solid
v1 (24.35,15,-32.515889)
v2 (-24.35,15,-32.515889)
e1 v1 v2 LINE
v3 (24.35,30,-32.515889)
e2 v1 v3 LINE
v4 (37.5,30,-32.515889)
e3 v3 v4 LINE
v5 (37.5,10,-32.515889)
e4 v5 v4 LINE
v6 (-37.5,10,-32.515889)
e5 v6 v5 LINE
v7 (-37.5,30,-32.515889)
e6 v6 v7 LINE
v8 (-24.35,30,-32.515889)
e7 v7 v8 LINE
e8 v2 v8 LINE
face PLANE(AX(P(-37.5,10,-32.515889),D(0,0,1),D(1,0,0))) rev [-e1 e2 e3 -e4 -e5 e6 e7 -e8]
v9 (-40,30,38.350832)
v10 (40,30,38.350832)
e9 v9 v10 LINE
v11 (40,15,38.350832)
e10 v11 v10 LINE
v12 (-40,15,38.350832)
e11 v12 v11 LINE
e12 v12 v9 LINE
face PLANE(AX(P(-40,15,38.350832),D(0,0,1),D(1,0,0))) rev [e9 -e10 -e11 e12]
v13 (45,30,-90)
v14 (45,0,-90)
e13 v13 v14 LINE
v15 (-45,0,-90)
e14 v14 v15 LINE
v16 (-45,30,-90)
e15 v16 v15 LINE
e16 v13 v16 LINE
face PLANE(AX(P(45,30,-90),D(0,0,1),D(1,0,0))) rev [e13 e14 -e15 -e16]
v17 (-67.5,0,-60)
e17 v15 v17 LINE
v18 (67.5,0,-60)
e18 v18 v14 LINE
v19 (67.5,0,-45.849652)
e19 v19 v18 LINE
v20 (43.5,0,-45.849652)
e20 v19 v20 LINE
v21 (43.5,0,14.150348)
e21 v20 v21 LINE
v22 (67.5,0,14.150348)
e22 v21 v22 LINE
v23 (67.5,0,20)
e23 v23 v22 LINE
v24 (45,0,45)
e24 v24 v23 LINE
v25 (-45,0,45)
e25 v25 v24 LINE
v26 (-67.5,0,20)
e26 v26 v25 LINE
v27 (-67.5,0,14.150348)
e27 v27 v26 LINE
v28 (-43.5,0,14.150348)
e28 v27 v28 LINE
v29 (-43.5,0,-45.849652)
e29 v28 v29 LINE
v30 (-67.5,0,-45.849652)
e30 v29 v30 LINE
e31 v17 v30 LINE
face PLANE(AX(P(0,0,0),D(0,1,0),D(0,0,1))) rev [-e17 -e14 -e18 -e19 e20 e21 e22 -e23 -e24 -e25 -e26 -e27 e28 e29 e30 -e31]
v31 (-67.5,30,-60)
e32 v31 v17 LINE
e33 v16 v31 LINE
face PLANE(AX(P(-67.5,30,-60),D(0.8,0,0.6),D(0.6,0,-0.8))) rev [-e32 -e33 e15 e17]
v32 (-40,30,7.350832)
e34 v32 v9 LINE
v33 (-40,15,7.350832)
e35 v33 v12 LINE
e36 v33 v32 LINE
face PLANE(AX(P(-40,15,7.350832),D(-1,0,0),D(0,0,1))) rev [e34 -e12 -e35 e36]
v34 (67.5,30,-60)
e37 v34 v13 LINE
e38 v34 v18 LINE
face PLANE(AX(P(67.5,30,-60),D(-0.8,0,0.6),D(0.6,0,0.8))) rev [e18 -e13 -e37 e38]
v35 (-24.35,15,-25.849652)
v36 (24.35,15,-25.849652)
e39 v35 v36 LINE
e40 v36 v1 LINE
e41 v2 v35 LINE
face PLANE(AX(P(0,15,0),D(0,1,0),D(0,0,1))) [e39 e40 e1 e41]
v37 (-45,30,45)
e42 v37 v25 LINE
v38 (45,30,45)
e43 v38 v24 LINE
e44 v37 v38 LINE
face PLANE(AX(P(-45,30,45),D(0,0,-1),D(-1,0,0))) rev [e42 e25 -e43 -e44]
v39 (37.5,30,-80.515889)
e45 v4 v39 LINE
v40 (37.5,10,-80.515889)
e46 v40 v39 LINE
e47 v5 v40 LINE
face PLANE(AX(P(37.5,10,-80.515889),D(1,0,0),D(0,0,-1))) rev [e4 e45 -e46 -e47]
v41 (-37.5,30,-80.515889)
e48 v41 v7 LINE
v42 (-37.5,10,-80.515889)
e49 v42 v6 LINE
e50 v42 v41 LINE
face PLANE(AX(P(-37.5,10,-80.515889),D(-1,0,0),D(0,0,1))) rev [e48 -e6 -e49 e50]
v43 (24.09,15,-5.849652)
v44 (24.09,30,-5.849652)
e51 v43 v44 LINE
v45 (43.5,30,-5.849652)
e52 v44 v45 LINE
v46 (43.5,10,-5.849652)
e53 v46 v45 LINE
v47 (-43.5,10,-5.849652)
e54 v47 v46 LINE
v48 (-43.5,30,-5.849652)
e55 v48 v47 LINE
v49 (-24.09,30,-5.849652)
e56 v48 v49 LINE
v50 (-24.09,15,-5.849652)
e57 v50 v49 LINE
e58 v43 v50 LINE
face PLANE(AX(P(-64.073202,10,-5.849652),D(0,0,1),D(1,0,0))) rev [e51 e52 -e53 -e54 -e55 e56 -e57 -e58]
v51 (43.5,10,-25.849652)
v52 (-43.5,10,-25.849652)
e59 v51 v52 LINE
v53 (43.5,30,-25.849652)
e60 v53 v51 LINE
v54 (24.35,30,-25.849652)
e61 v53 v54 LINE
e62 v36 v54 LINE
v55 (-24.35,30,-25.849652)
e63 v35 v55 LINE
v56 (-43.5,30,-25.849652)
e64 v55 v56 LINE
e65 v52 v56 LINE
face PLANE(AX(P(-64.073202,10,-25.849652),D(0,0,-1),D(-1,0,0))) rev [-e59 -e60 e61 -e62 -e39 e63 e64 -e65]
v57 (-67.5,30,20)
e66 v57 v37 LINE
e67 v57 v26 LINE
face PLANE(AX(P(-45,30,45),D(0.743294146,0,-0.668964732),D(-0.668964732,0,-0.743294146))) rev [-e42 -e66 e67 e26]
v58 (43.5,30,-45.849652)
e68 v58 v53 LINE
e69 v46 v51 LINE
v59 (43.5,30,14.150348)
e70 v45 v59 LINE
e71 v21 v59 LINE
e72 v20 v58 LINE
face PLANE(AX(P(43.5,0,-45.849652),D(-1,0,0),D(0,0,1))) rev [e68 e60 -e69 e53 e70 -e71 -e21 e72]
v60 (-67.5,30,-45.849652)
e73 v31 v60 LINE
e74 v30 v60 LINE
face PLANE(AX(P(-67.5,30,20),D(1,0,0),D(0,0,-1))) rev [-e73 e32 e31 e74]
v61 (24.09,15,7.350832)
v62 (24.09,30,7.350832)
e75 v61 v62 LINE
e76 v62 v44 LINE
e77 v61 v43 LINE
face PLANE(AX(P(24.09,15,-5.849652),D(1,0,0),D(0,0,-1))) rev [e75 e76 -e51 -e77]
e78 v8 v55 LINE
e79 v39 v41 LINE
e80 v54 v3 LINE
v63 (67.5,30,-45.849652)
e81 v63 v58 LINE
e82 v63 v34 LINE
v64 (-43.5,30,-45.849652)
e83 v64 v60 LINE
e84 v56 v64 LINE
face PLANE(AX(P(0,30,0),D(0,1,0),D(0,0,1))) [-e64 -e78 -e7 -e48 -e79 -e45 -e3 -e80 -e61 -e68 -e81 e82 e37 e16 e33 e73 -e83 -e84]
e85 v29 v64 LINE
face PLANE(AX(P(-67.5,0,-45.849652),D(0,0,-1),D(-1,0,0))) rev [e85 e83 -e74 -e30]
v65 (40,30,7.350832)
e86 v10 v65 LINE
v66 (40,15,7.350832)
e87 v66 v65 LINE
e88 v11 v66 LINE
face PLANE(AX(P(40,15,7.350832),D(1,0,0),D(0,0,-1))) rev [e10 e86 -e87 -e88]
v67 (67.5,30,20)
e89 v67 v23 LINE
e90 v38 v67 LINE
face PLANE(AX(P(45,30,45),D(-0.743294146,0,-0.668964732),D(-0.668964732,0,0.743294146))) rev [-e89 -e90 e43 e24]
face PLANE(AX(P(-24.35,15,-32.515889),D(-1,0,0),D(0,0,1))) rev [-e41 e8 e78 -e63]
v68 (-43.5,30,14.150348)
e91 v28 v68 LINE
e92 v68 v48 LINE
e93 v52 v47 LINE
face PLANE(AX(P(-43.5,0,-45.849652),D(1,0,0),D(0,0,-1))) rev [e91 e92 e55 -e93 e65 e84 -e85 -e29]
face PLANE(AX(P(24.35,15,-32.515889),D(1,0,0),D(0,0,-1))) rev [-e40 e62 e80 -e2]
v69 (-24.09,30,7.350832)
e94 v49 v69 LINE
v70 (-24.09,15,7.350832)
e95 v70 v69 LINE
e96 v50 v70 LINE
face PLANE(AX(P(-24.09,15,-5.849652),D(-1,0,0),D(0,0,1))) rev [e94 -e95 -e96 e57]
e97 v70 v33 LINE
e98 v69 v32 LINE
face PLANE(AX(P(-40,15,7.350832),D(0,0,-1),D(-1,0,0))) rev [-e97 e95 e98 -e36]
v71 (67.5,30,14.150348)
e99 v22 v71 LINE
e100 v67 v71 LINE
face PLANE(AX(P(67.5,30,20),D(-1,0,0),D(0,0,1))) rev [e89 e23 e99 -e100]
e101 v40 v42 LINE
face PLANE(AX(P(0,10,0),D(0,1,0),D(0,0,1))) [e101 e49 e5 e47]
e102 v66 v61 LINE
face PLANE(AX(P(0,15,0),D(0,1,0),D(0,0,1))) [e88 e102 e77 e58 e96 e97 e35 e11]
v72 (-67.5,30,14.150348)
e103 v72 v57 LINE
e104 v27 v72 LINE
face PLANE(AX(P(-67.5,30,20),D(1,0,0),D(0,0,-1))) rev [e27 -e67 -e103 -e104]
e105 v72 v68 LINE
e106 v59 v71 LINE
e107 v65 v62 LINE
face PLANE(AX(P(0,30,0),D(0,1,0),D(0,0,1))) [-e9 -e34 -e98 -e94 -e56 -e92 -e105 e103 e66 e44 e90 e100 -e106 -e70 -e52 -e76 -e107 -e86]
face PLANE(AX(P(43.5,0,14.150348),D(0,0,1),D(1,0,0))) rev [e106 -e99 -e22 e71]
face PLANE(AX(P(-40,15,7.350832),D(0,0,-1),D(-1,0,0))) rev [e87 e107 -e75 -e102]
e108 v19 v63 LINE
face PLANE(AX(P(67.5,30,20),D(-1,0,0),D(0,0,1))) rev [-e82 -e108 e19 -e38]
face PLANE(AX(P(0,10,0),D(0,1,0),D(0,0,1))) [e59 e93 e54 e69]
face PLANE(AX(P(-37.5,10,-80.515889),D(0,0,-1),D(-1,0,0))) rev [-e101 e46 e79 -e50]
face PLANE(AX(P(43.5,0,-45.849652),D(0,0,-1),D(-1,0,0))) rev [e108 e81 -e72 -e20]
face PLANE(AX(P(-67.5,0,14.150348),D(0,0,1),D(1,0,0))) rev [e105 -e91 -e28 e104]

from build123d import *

# Parameters (mm, degrees)
RESSALTO_EXTRUS_O1_DEPTH   = 30
CORTE_EXTRUS_O1_DEPTH      = 117.431310222
CORTE_EXTRUS_O1_DEPTH_BACK = 117.431310222
ESBO_O3_W                  = 24
ESBO_O3_H                  = 60
ESBO_O4_W                  = 122.227571884
ESBO_O4_H                  = 20
CORTE_EXTRUS_O3_DEPTH      = 20
ESBO_O6_W                  = 80
ESBO_O6_H                  = 31
CORTE_EXTRUS_O5_DEPTH      = 15
ESBO_O8_W                  = 48.18
ESBO_O8_H                  = 13.200484169
CORTE_EXTRUS_O6_DEPTH      = 15
ESBO_O9_W                  = 75
ESBO_O9_H                  = 48
CORTE_EXTRUS_O7_DEPTH      = 20
ESBO_O10_W                 = 48.7
ESBO_O10_H                 = 6.666237126
CORTE_EXTRUS_O8_DEPTH      = 15


with BuildPart() as part:
    # Esboço2 → Ressalto-extrusão1 (new body)
    with BuildSketch(Plane(origin=(0, 0, 0), x_dir=(1, 0, 0), z_dir=(0, 1, 0))):
        Polygon((-45, -45), (45, -45), (67.5, -20), (67.5, 60), (45, 90), (-45, 90), (-67.5, 60), (-67.5, -20), align=None)
    extrude(amount=RESSALTO_EXTRUS_O1_DEPTH)

    # Esboço3 → Corte-extrusão1 (cut, two sides: drawn at the far end of the back side and taken through both)
    with BuildSketch(Plane(origin=(0, 30, 0), x_dir=(1, 0, 0), z_dir=(0, 1, 0)).offset(-CORTE_EXTRUS_O1_DEPTH_BACK)):
        with Locations((-55.5, 15.849651962)):
            Rectangle(ESBO_O3_W, ESBO_O3_H)
        with Locations((55.5, 15.849651962)):
            Rectangle(ESBO_O3_W, ESBO_O3_H)
    extrude(amount=CORTE_EXTRUS_O1_DEPTH + CORTE_EXTRUS_O1_DEPTH_BACK, mode=Mode.SUBTRACT)

    # Esboço4 → Corte-extrusão3 (cut)
    with BuildSketch(Plane(origin=(0, 30, 0), x_dir=(1, 0, 0), z_dir=(0, 1, 0))):
        with Locations((-2.959415656, 15.849651962)):
            Rectangle(ESBO_O4_W, ESBO_O4_H)
    extrude(amount=-CORTE_EXTRUS_O3_DEPTH, mode=Mode.SUBTRACT)

    # Esboço6 → Corte-extrusão5 (cut)
    with BuildSketch(Plane(origin=(0, 30, 0), x_dir=(1, 0, 0), z_dir=(0, 1, 0))):
        with Locations((0, -22.850832207)):
            Rectangle(ESBO_O6_W, ESBO_O6_H)
    extrude(amount=-CORTE_EXTRUS_O5_DEPTH, mode=Mode.SUBTRACT)

    # Esboço8 → Corte-extrusão6 (cut)
    with BuildSketch(Plane(origin=(0, 30, 0), x_dir=(1, 0, 0), z_dir=(0, 1, 0))):
        with Locations((0, -0.750590123)):
            Rectangle(ESBO_O8_W, ESBO_O8_H)
    extrude(amount=-CORTE_EXTRUS_O6_DEPTH, mode=Mode.SUBTRACT)

    # Esboço9 → Corte-extrusão7 (cut)
    with BuildSketch(Plane(origin=(0, 30, 0), x_dir=(1, 0, 0), z_dir=(0, 1, 0))):
        with Locations((0, 56.515889088)):
            Rectangle(ESBO_O9_W, ESBO_O9_H)
    extrude(amount=-CORTE_EXTRUS_O7_DEPTH, mode=Mode.SUBTRACT)

    # Esboço10 → Corte-extrusão8 (cut)
    with BuildSketch(Plane(origin=(0, 30, 0), x_dir=(1, 0, 0), z_dir=(0, 1, 0))):
        with Locations((0, 29.182770525)):
            Rectangle(ESBO_O10_W, ESBO_O10_H)
    extrude(amount=-CORTE_EXTRUS_O8_DEPTH, mode=Mode.SUBTRACT)


solid = part.part
